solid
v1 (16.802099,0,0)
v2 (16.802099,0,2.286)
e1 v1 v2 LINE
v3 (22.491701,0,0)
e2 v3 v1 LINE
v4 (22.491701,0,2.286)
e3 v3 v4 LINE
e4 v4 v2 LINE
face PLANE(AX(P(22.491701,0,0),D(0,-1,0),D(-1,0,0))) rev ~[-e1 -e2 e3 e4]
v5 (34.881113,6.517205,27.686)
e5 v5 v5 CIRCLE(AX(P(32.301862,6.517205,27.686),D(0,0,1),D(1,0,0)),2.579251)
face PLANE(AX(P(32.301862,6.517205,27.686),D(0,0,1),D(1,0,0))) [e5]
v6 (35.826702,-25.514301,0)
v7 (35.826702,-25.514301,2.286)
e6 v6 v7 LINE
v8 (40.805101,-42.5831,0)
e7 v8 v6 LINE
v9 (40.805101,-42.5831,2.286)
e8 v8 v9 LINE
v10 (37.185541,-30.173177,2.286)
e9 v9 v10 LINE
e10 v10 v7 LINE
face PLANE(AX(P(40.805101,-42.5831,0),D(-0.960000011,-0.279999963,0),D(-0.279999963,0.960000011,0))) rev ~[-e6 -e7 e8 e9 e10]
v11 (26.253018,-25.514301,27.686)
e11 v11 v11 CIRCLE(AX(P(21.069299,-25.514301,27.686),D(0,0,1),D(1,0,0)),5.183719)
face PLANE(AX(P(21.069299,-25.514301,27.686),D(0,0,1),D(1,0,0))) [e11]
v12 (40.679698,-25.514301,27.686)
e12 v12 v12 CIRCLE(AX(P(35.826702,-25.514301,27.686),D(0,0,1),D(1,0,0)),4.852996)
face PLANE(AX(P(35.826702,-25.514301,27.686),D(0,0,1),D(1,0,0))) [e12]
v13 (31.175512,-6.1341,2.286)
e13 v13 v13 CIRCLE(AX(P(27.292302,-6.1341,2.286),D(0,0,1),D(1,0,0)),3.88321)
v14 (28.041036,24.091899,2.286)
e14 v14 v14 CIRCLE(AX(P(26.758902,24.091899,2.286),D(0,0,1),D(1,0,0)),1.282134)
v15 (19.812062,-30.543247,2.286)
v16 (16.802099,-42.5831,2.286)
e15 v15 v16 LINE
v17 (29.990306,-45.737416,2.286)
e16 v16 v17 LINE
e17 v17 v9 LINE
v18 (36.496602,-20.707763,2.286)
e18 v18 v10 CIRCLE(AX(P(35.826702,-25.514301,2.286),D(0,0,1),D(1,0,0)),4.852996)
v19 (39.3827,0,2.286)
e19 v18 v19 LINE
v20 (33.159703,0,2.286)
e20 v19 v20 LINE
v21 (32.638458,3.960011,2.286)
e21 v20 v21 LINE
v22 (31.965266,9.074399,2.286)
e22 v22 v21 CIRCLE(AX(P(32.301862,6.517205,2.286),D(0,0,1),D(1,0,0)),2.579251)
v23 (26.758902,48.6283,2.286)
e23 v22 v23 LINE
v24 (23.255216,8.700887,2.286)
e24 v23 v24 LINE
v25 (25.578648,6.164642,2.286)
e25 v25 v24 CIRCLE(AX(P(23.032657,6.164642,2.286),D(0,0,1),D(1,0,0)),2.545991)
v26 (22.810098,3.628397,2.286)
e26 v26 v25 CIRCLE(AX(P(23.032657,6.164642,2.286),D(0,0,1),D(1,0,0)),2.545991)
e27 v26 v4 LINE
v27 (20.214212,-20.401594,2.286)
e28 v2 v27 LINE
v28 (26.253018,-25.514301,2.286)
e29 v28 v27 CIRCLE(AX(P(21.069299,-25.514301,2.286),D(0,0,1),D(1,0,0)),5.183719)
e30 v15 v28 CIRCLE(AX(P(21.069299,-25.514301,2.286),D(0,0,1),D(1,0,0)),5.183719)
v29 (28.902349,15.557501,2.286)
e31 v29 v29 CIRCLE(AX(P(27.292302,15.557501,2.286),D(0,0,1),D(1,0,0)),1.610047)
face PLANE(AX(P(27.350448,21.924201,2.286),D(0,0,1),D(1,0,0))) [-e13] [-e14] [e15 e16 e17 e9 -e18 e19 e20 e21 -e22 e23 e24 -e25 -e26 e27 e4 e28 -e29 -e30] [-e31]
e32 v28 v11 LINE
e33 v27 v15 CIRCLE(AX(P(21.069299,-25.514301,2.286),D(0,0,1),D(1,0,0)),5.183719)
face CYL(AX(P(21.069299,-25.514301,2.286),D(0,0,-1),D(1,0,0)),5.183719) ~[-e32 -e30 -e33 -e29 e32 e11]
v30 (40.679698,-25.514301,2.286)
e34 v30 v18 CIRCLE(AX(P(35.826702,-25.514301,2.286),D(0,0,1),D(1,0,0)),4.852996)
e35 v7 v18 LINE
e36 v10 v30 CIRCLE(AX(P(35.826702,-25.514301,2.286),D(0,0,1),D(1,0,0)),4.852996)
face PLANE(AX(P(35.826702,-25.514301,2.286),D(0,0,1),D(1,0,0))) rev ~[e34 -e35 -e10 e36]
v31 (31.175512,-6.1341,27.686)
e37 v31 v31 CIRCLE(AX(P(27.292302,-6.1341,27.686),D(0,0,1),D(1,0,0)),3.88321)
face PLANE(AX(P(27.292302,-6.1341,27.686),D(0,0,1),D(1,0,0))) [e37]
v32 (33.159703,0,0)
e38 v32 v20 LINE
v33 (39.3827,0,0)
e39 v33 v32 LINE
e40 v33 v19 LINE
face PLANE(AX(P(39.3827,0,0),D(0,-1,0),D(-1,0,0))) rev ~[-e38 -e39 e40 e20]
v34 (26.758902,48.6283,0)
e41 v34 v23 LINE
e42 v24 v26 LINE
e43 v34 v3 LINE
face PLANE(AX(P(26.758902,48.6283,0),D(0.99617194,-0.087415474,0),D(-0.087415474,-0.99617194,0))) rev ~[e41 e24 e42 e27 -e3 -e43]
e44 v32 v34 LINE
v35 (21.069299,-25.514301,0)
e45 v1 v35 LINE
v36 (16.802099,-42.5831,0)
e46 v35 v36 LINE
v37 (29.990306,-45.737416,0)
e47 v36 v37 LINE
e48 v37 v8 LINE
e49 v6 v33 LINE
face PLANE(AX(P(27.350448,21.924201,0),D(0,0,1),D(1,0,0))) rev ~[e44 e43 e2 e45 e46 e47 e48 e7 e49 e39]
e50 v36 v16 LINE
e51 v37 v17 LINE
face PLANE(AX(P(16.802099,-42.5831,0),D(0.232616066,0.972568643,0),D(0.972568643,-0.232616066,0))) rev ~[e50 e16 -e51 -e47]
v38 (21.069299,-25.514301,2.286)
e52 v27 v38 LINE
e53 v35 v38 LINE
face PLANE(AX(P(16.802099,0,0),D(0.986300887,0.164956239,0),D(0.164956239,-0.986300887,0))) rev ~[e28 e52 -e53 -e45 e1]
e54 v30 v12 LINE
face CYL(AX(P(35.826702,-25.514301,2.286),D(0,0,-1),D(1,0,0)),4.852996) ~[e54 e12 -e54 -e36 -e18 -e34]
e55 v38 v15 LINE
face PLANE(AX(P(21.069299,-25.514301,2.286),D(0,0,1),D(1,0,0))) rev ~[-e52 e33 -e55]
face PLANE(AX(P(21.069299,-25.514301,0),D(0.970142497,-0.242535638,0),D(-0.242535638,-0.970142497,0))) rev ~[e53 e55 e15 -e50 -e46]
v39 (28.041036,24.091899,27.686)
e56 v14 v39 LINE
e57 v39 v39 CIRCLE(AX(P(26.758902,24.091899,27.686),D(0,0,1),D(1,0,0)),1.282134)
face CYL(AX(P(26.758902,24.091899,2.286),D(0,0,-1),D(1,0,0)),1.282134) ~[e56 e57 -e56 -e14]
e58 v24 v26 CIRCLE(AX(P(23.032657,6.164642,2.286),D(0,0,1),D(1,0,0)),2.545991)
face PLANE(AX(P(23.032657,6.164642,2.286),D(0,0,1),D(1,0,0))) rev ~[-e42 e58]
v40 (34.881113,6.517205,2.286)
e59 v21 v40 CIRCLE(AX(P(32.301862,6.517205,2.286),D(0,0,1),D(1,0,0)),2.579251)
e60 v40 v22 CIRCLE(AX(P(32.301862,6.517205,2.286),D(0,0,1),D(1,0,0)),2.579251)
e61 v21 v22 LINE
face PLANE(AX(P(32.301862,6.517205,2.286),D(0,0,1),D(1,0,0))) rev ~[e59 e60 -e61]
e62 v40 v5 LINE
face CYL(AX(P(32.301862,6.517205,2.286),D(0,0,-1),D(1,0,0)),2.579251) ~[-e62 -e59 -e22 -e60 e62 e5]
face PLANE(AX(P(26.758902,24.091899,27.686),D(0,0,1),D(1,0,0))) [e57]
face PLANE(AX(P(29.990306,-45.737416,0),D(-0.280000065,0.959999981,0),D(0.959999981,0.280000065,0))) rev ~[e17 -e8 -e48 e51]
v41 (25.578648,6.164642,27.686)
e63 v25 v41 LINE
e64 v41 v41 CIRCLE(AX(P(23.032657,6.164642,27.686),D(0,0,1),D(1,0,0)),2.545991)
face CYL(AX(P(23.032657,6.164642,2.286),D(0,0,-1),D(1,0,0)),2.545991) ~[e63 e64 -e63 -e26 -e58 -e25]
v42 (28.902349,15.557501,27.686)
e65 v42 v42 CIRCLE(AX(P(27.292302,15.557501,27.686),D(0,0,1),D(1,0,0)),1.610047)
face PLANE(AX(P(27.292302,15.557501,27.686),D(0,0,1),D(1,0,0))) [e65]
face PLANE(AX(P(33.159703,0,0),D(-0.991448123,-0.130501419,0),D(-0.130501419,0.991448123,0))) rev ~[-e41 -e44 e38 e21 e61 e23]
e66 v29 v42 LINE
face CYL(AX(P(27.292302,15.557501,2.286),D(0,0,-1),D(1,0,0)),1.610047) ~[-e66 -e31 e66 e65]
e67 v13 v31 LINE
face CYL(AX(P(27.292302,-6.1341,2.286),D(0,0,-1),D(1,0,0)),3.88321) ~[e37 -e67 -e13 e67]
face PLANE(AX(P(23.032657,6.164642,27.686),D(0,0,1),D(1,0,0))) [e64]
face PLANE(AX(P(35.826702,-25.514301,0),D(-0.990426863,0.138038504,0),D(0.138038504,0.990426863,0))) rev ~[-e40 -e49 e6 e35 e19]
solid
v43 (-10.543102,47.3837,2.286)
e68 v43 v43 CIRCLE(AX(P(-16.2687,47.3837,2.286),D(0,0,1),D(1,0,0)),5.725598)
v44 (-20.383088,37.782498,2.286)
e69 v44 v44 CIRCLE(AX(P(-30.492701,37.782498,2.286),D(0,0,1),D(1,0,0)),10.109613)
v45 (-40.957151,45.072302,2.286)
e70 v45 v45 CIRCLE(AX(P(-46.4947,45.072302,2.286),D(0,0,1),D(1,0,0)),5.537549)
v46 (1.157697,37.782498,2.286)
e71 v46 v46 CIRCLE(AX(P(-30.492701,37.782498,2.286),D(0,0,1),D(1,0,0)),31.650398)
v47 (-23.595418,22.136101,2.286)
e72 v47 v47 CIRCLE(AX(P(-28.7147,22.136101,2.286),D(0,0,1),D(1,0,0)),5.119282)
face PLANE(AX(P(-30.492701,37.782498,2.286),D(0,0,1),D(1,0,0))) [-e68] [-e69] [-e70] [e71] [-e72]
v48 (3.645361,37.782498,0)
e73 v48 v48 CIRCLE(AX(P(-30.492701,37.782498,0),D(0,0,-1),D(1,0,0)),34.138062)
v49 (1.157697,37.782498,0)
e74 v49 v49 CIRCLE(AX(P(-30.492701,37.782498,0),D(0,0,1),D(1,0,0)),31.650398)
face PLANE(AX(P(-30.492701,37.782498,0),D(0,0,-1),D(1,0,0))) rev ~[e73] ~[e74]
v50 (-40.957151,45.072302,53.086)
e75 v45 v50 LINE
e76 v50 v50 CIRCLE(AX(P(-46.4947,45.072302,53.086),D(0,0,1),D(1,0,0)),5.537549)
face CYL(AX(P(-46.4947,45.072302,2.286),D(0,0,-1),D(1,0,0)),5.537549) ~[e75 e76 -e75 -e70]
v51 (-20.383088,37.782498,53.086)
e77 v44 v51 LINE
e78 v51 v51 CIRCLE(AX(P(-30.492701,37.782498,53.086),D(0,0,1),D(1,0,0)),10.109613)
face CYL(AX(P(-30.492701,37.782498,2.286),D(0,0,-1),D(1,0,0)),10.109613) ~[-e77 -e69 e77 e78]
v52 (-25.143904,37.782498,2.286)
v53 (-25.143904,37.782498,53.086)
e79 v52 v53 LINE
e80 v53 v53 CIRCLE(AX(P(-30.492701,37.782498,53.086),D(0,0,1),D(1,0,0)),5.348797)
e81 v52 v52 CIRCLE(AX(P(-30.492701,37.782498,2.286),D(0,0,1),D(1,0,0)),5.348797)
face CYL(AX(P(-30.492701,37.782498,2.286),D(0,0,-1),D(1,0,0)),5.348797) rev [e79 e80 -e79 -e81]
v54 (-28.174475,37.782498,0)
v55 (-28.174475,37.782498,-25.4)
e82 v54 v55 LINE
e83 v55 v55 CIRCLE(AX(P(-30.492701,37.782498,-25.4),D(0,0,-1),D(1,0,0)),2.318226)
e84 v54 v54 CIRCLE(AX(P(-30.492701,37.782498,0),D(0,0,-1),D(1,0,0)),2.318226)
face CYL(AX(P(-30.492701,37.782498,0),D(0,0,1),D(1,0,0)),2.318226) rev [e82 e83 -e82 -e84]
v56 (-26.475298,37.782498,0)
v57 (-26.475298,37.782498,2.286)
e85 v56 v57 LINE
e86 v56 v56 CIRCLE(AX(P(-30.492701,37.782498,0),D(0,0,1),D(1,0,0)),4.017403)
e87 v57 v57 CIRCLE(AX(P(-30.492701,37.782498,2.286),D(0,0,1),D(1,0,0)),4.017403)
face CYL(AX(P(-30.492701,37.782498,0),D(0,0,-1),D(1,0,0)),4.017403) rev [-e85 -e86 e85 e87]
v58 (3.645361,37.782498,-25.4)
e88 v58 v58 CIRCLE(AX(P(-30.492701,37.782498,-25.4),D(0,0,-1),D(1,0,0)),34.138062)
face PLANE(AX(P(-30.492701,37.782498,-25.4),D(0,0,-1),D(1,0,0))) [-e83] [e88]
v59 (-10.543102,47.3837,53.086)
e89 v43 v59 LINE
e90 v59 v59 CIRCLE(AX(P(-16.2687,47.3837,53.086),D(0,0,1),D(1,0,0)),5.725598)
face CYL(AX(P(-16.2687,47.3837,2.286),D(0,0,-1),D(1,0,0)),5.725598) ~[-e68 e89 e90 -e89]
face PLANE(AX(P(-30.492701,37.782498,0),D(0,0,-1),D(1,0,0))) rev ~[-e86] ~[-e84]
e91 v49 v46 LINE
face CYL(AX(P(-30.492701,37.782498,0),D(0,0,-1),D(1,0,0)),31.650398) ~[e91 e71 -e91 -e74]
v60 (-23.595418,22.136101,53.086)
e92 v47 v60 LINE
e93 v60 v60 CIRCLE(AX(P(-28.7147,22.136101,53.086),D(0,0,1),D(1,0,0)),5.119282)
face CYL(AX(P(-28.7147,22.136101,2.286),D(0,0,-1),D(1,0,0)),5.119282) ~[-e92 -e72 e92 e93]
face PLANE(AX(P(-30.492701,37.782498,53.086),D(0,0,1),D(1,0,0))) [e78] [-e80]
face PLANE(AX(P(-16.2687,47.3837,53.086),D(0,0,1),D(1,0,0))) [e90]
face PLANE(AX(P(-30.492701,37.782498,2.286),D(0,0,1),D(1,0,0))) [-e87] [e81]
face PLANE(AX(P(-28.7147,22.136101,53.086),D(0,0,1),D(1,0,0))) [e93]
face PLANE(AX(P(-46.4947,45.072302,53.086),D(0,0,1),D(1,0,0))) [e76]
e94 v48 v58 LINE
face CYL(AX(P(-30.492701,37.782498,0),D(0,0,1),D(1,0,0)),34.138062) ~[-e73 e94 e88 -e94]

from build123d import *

# Parameters (mm, degrees)
F0_R     = 31.650398
F0_R_2   = 4.017403
F1_DEPTH = 2.286
F2_R     = 10.109613
F2_R_2   = 5.348797
F2_R_3   = 5.537549
F2_R_4   = 5.725598
F2_R_5   = 5.119282
F3_DEPTH = 50.8
F4_R     = 34.138062
F4_R_2   = 2.318226
F5_DEPTH = 25.4
F7_DEPTH = 2.286
F8_R     = 1.610047
F8_R_2   = 2.545991
F8_R_3   = 2.579251
F8_R_4   = 1.282134
F8_R_5   = 3.88321
F8_R_6   = 5.183719
F8_R_7   = 4.852996
F9_DEPTH = 25.4


with BuildPart() as f1:
    # F0 (on Top) → F1 (new body)
    with BuildSketch(Plane.XY):
        with Locations((-30.492701, 37.782498)):
            Circle(F0_R)
        with Locations((-30.492701, 37.782498)):
            Circle(F0_R_2, mode=Mode.SUBTRACT)
    extrude(amount=F1_DEPTH)

    # F2 (on face) → F3 (join)
    with BuildSketch(Plane.XY.offset(2.286)):
        with Locations((-30.492701, 37.782498)):
            Circle(F2_R)
        with Locations((-30.492701, 37.782498)):
            Circle(F2_R_2, mode=Mode.SUBTRACT)
        with Locations((-46.4947, 45.072302)):
            Circle(F2_R_3)
        with Locations((-16.2687, 47.3837)):
            Circle(F2_R_4)
        with Locations((-28.7147, 22.136101)):
            Circle(F2_R_5)
    extrude(amount=F3_DEPTH)

    # F4 (on face) → F5 (join)
    with BuildSketch(Plane(origin=(0, 0, 0), x_dir=(1, 0, 0), z_dir=(0, 0, -1))):
        with Locations((-30.492701, -37.782498)):
            Circle(F4_R)
        with Locations((-30.492701, -37.782498)):
            Circle(F4_R_2, mode=Mode.SUBTRACT)
    extrude(amount=F5_DEPTH)


with BuildPart() as f7:
    # F6 (on Top) → F7 (new body)
    with BuildSketch(Plane.XY):
        Polygon((33.159703, 0), (26.758902, 48.6283), (22.491701, 0), align=None)
        Polygon((33.159703, 0), (22.491701, 0), (16.802099, 0), (21.069299, -25.514301), (16.802099, -42.5831), (29.990306, -45.737416), (40.805101, -42.5831), (35.826702, -25.514301), (39.3827, 0), align=None)
    extrude(amount=F7_DEPTH)

    # F8 (on face) → F9 (join)
    with BuildSketch(Plane.XY.offset(2.286)):
        with Locations((27.292302, 15.557501)):
            Circle(F8_R)
        with Locations((23.032657, 6.164642)):
            Circle(F8_R_2)
        with Locations((32.301862, 6.517205)):
            Circle(F8_R_3)
        with Locations((26.758902, 24.091899)):
            Circle(F8_R_4)
        with Locations((27.292302, -6.1341)):
            Circle(F8_R_5)
        with Locations((21.069299, -25.514301)):
            Circle(F8_R_6)
        with Locations((35.826702, -25.514301)):
            Circle(F8_R_7)
    extrude(amount=F9_DEPTH)


solid = Compound([f1.part, f7.part])
